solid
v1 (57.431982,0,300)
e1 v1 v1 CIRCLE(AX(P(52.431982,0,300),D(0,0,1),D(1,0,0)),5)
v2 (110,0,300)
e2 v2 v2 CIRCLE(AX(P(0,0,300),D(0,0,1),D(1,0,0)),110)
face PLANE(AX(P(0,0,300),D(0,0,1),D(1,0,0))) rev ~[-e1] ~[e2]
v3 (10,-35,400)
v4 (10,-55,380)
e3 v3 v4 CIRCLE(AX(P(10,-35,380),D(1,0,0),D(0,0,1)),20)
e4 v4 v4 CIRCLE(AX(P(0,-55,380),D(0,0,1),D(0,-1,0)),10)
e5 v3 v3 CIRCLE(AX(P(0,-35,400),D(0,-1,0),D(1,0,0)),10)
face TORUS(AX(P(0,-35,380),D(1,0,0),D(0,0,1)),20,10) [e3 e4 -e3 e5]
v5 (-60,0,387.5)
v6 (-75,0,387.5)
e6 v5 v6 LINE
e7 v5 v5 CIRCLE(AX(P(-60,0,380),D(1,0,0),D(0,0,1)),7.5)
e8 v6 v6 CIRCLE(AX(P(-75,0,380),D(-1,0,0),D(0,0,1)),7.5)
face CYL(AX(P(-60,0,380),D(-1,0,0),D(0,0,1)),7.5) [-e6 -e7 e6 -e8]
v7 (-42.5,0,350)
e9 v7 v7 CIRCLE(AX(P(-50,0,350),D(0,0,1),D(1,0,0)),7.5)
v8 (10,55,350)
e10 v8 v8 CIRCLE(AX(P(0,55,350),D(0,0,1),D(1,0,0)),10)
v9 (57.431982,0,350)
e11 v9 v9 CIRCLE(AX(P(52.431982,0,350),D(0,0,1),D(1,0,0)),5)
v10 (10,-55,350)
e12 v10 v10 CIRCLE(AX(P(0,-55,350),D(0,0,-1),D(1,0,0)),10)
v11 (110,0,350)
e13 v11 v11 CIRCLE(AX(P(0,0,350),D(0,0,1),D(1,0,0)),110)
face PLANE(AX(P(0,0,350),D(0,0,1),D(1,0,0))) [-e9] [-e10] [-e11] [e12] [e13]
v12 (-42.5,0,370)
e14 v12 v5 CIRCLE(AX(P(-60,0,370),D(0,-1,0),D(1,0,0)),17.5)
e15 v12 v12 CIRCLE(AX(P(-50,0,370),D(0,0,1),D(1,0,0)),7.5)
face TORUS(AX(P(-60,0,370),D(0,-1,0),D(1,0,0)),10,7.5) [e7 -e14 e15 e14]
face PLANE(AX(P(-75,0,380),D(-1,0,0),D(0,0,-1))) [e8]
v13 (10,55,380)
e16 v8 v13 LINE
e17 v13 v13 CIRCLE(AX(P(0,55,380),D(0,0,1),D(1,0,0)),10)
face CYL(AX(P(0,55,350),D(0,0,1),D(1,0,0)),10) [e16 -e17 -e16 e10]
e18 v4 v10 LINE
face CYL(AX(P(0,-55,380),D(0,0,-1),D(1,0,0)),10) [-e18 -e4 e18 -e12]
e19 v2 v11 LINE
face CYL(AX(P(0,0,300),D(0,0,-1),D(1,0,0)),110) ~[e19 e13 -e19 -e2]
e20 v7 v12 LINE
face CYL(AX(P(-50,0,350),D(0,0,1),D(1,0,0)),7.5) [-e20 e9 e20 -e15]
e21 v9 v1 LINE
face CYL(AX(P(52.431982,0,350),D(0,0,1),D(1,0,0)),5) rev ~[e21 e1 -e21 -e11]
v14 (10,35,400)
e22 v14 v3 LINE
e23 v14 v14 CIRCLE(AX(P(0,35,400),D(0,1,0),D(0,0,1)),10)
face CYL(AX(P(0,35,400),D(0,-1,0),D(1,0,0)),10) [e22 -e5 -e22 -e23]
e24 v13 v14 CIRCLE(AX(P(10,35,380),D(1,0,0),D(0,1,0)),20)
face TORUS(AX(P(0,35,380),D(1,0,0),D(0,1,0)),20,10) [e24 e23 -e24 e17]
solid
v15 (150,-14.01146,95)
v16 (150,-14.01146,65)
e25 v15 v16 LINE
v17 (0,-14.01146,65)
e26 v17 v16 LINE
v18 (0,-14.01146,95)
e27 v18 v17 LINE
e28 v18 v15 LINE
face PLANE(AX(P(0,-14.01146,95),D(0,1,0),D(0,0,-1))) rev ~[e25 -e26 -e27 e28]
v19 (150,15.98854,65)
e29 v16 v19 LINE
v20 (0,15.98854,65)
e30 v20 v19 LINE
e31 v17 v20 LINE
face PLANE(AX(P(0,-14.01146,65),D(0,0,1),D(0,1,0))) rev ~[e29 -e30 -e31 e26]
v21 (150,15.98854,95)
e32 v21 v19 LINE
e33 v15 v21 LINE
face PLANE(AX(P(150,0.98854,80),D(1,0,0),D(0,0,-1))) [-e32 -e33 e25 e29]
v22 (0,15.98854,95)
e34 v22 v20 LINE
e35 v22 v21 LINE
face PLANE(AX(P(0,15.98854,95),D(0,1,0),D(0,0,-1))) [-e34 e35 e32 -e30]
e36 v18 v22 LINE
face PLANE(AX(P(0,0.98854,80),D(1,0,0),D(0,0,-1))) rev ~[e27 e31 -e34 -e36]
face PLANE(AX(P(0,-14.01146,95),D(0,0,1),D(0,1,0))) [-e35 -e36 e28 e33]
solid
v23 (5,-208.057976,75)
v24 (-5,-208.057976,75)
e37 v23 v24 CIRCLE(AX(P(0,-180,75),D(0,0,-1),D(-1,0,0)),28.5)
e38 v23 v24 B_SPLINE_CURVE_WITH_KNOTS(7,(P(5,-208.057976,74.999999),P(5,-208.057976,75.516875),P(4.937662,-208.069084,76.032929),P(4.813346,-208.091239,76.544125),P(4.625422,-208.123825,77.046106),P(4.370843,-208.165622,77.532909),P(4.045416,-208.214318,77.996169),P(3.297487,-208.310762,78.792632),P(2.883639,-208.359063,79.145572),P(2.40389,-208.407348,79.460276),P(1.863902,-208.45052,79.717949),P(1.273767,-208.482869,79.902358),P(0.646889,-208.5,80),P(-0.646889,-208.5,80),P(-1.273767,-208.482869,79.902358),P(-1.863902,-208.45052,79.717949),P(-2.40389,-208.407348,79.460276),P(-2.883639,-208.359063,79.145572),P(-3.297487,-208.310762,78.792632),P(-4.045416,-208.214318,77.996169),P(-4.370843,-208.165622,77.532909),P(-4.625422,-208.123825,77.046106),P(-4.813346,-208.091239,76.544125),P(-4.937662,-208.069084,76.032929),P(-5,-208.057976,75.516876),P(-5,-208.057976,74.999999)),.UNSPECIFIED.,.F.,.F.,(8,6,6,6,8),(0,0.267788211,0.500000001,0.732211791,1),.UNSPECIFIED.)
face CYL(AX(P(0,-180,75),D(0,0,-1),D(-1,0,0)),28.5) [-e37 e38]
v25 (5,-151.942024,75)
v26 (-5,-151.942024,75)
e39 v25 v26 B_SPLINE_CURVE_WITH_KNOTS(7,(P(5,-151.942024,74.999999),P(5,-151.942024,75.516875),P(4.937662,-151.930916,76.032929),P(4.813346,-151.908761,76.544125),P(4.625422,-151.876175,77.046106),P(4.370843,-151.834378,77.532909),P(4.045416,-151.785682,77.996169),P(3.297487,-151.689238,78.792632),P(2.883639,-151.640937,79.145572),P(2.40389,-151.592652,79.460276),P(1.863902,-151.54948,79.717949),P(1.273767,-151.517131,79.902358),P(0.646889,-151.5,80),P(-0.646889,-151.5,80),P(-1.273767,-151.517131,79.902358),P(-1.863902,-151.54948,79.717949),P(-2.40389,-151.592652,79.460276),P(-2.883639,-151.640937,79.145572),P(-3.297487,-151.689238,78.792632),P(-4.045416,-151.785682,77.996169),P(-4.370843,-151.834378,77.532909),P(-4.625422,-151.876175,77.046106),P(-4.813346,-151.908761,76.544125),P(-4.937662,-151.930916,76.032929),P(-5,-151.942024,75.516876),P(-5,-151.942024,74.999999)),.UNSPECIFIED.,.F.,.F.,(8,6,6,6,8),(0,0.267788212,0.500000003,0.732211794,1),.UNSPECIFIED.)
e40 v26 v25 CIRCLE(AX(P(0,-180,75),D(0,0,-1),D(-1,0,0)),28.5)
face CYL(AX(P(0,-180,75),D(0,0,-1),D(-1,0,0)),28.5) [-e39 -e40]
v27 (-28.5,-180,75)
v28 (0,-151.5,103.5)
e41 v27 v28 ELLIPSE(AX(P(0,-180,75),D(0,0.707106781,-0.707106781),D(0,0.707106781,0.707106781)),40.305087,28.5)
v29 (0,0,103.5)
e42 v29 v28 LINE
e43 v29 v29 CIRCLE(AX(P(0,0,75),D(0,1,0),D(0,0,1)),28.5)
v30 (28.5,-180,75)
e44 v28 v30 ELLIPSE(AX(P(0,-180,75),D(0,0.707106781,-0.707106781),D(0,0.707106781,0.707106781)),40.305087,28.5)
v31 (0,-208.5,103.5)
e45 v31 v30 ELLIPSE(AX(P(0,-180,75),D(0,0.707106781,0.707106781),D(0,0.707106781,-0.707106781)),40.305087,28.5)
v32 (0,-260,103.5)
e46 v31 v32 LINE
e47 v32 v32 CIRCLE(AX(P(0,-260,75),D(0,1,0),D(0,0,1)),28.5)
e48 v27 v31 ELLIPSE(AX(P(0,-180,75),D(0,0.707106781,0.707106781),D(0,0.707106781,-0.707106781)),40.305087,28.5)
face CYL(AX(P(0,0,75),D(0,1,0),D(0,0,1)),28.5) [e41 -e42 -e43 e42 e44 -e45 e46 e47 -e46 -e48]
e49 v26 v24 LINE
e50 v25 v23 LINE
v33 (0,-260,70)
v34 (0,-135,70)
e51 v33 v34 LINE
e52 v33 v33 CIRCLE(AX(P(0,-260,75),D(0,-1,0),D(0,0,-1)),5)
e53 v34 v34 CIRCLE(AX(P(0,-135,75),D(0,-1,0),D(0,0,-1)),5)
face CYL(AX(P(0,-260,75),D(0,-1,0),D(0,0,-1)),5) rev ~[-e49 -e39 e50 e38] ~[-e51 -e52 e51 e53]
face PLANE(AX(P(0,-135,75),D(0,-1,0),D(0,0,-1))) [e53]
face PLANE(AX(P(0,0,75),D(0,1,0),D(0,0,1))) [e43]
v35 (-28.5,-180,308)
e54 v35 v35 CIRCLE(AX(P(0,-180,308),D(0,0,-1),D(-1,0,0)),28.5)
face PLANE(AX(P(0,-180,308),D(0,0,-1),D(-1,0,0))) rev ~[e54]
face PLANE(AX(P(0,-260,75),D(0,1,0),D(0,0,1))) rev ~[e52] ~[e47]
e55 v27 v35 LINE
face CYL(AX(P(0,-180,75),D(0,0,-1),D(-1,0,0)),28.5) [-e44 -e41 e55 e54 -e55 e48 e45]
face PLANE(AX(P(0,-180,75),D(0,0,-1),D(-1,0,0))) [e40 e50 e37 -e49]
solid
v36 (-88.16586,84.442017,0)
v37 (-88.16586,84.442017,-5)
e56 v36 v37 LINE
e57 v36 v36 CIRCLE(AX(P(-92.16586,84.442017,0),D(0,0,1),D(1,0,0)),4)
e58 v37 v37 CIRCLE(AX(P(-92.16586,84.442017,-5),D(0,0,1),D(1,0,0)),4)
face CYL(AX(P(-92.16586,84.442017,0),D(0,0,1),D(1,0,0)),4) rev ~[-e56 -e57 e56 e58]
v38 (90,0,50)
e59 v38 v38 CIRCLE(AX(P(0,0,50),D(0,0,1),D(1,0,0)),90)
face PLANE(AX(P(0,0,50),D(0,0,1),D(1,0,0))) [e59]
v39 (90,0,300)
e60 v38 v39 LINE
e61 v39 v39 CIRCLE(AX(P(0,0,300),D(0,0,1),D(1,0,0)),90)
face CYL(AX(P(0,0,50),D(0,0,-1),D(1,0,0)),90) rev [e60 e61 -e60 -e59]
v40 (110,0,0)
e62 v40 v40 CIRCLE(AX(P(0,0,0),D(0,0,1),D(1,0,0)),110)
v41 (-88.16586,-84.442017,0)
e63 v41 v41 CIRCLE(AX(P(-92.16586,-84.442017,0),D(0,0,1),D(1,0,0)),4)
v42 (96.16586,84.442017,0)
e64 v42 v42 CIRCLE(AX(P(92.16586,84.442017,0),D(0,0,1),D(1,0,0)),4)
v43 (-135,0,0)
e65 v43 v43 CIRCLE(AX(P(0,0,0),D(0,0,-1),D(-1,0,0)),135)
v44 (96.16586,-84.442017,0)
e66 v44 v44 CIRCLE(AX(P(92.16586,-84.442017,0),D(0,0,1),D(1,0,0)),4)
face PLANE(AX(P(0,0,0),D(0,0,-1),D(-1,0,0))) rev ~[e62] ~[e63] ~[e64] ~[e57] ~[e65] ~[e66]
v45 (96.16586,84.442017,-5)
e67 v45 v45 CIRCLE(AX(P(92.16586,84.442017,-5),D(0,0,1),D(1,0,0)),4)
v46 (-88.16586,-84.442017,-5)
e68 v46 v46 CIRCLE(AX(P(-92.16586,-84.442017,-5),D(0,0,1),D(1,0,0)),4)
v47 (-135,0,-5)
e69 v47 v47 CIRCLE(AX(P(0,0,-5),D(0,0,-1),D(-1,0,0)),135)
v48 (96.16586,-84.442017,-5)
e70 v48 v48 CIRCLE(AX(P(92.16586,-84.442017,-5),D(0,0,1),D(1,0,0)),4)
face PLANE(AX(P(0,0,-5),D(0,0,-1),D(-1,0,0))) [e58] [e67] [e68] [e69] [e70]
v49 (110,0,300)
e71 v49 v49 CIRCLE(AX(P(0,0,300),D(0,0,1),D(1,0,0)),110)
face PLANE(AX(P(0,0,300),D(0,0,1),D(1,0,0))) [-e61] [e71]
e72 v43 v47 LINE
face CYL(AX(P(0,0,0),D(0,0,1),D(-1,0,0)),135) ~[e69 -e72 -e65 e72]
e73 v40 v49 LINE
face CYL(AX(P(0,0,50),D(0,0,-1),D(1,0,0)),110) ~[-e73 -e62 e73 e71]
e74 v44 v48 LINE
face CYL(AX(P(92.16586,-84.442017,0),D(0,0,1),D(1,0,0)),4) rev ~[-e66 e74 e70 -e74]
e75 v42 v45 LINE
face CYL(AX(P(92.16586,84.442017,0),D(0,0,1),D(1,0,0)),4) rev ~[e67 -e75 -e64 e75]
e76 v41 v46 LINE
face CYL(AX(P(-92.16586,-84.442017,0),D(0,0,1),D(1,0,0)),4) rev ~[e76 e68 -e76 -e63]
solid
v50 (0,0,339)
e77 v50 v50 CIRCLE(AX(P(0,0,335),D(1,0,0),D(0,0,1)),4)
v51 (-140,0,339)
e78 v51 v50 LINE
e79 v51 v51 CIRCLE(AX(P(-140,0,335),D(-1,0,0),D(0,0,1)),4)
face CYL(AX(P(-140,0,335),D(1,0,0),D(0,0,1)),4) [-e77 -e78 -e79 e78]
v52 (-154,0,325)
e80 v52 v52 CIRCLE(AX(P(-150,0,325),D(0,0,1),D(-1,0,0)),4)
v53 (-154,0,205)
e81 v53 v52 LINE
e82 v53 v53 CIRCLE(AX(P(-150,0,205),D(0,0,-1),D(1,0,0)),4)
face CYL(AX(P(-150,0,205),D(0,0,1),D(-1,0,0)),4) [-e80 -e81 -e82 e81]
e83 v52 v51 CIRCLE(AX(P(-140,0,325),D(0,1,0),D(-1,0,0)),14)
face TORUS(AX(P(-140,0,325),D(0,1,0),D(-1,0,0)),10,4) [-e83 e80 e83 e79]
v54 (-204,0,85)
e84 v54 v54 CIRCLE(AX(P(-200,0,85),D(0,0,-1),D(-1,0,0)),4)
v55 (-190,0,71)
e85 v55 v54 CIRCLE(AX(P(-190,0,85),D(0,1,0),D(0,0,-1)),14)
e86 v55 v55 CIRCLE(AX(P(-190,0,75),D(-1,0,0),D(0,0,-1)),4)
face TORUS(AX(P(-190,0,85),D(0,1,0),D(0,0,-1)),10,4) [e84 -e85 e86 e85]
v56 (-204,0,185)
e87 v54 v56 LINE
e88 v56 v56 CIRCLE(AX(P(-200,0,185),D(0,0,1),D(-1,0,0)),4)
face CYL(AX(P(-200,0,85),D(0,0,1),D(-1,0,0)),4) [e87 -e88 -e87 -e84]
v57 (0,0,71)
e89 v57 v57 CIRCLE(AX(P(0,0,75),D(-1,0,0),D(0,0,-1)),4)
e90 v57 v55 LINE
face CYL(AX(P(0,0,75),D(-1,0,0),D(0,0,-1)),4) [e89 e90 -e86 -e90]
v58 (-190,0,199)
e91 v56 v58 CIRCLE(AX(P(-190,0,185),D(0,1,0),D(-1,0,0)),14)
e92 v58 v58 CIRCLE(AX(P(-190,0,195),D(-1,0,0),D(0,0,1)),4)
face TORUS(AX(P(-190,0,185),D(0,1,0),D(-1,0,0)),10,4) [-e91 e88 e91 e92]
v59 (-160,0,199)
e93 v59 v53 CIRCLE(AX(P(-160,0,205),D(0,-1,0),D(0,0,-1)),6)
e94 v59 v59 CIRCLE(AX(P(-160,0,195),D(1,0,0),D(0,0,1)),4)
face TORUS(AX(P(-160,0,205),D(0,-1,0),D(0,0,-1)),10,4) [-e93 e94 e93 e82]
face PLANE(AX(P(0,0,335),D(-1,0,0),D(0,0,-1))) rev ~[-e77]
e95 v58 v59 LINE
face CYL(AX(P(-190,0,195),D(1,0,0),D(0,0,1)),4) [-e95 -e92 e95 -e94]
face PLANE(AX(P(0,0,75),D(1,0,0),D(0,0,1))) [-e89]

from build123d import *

# Parameters (mm, degrees)
SKETCH_1_R          = 110
EXTRUDE_1_DEPTH     = 50
SKETCH_2_R          = 110
SKETCH_2_R_2        = 90
EXTRUDE_2_DEPTH     = 250
SKETCH_4_R          = 28.5
EXTRUDE_7_DEPTH     = 260
SKETCH_7_R          = 135
EXTRUDE_9_DEPTH     = 5
SKETCH_8_R          = 110
EXTRUDE_10_DEPTH    = 50
SKETCH_9_R          = 4
CUT_EXTRUDE_1_DEPTH = 20
SKETCH_10_W         = 30
SKETCH_10_H         = 30
EXTRUDE_12_DEPTH    = 150
SKETCH_12_R         = 10
SKETCH_14_R         = 7.5
SKETCH_15_R         = 5
CUT_EXTRUDE_2_DEPTH = 125
SKETCH_16_R         = 5
CUT_EXTRUDE_3_DEPTH = 125
SKETCH_18_R         = 4
SKETCH_19_R         = 28.5
EXTRUDE_13_DEPTH    = 233


with BuildPart() as part:
    # 草图1 → 凸台-拉伸1 (new body)
    with BuildSketch(Plane.XY):
        Circle(SKETCH_1_R)
    extrude(amount=EXTRUDE_1_DEPTH)

    # 草图2 → 凸台-拉伸2 (add)
    with BuildSketch(Plane.XY.offset(50)):
        Circle(SKETCH_2_R)
        Circle(SKETCH_2_R_2, mode=Mode.SUBTRACT)
    extrude(amount=EXTRUDE_2_DEPTH)

    # 草图7 → 凸台-拉伸9 (add)
    with BuildSketch(Plane(origin=(0, 0, 0), x_dir=(-1, 0, 0), z_dir=(0, 0, -1))):
        Circle(SKETCH_7_R)
    extrude(amount=EXTRUDE_9_DEPTH)

    # 草图9 → 切除-拉伸1 (cut)
    with BuildSketch(Plane.XY):
        with Locations((92.165859825, 84.442017282)):
            Circle(SKETCH_9_R)
        with Locations((92.165859825, -84.442017282)):
            Circle(SKETCH_9_R)
        with Locations((-92.165859825, -84.442017282)):
            Circle(SKETCH_9_R)
        with Locations((-92.165859825, 84.442017282)):
            Circle(SKETCH_9_R)
    extrude(amount=-CUT_EXTRUDE_1_DEPTH, mode=Mode.SUBTRACT)


with BuildPart() as body_2:
    # 草图4 → 凸台-拉伸7 (new body)
    with BuildSketch(Plane(origin=(0, 0, 0), x_dir=(1, 0, 0), z_dir=(0, 1, 0))):
        with Locations((0, -75)):
            Circle(SKETCH_4_R)
    extrude(amount=-EXTRUDE_7_DEPTH)

    # 草图16 → 切除-拉伸3 (cut)
    with BuildSketch(Plane(origin=(0, -260, 0), x_dir=(-1, 0, 0), z_dir=(0, -1, 0))):
        with Locations((0, -75)):
            Circle(SKETCH_16_R)
    extrude(amount=-CUT_EXTRUDE_3_DEPTH, mode=Mode.SUBTRACT)

    # 草图19 → 凸台-拉伸13 (add)
    with BuildSketch(Plane(origin=(0, 0, 75), x_dir=(-1, 0, 0), z_dir=(0, 0, -1))):
        with Locations((0, -180)):
            Circle(SKETCH_19_R)
    extrude(amount=-EXTRUDE_13_DEPTH)


with BuildPart() as body_3:
    # 草图8 → 凸台-拉伸10 (new body)
    with BuildSketch(Plane.XY.offset(300)):
        Circle(SKETCH_8_R)
    extrude(amount=EXTRUDE_10_DEPTH)

    # 扫描1: sweep along a path in 草图11
    with BuildLine(Plane(origin=(0, 0, 0), x_dir=(0, 0, -1), z_dir=(1, 0, 0))) as sweep_1_path:
        Line((-350, 55), (-380, 55))
        ThreePointArc((-380, 55), (-394.142135624, 49.142135624), (-400, 35))
        Line((-400, 35), (-400, -35))
        ThreePointArc((-400, -35), (-394.142135624, -49.142135624), (-380, -55))
        Line((-380, -55), (-350, -55))
    # 草图12 → 扫描1 (sweep)
    with BuildSketch(Plane.XY.offset(350)):
        with Locations((0, 55)):
            Circle(SKETCH_12_R)
    sweep(path=sweep_1_path.line)

    # 扫描2: sweep along a path in 草图13
    with BuildLine(Plane(origin=(0, 0, 0), x_dir=(1, 0, 0), z_dir=(0, 1, 0))) as sweep_2_path:
        Line((-50, -350), (-50, -370))
        ThreePointArc((-50, -370), (-52.928932188, -377.071067812), (-60, -380))
        Line((-60, -380), (-75, -380))
    # 草图14 → 扫描2 (sweep)
    with BuildSketch(Plane.XY.offset(350)):
        with Locations((-50, 0)):
            Circle(SKETCH_14_R)
    sweep(path=sweep_2_path.line)

    # 草图15 → 切除-拉伸2 (cut)
    with BuildSketch(Plane.XY.offset(350)):
        with Locations((52.431981601, 0)):
            Circle(SKETCH_15_R)
    extrude(amount=-CUT_EXTRUDE_2_DEPTH, mode=Mode.SUBTRACT)


with BuildPart() as body_4:
    # 草图10 → 凸台-拉伸12 (new body)
    with BuildSketch(Plane(origin=(0, 0, 0), x_dir=(0, 0, -1), z_dir=(1, 0, 0))):
        with Locations((-80, 0.988539582)):
            Rectangle(SKETCH_10_W, SKETCH_10_H)
    extrude(amount=EXTRUDE_12_DEPTH)


with BuildPart() as body_5:
    # 扫描4: sweep along a path in 草图17
    with BuildLine(Plane(origin=(0, 0, 0), x_dir=(1, 0, 0), z_dir=(0, 1, 0))) as sweep_4_path:
        Line((0, -75), (-190, -75))
        ThreePointArc((-190, -75), (-197.071067812, -77.928932188), (-200, -85))
        Line((-200, -85), (-200, -185))
        ThreePointArc((-200, -185), (-197.071067812, -192.071067812), (-190, -195))
        Line((-190, -195), (-160, -195))
        ThreePointArc((-160, -195), (-152.928932188, -197.928932188), (-150, -205))
        Line((-150, -205), (-150, -325))
        ThreePointArc((-150, -325), (-147.071067812, -332.071067812), (-140, -335))
        Line((-140, -335), (0, -335))
    # 草图18 → 扫描4 (sweep)
    with BuildSketch(Plane(origin=(0, 0, 0), x_dir=(0, 0, -1), z_dir=(1, 0, 0))):
        with Locations((-75, 0)):
            Circle(SKETCH_18_R)
    sweep(path=sweep_4_path.line)


solid = Compound([part.part, body_2.part, body_3.part, body_4.part, body_5.part])
